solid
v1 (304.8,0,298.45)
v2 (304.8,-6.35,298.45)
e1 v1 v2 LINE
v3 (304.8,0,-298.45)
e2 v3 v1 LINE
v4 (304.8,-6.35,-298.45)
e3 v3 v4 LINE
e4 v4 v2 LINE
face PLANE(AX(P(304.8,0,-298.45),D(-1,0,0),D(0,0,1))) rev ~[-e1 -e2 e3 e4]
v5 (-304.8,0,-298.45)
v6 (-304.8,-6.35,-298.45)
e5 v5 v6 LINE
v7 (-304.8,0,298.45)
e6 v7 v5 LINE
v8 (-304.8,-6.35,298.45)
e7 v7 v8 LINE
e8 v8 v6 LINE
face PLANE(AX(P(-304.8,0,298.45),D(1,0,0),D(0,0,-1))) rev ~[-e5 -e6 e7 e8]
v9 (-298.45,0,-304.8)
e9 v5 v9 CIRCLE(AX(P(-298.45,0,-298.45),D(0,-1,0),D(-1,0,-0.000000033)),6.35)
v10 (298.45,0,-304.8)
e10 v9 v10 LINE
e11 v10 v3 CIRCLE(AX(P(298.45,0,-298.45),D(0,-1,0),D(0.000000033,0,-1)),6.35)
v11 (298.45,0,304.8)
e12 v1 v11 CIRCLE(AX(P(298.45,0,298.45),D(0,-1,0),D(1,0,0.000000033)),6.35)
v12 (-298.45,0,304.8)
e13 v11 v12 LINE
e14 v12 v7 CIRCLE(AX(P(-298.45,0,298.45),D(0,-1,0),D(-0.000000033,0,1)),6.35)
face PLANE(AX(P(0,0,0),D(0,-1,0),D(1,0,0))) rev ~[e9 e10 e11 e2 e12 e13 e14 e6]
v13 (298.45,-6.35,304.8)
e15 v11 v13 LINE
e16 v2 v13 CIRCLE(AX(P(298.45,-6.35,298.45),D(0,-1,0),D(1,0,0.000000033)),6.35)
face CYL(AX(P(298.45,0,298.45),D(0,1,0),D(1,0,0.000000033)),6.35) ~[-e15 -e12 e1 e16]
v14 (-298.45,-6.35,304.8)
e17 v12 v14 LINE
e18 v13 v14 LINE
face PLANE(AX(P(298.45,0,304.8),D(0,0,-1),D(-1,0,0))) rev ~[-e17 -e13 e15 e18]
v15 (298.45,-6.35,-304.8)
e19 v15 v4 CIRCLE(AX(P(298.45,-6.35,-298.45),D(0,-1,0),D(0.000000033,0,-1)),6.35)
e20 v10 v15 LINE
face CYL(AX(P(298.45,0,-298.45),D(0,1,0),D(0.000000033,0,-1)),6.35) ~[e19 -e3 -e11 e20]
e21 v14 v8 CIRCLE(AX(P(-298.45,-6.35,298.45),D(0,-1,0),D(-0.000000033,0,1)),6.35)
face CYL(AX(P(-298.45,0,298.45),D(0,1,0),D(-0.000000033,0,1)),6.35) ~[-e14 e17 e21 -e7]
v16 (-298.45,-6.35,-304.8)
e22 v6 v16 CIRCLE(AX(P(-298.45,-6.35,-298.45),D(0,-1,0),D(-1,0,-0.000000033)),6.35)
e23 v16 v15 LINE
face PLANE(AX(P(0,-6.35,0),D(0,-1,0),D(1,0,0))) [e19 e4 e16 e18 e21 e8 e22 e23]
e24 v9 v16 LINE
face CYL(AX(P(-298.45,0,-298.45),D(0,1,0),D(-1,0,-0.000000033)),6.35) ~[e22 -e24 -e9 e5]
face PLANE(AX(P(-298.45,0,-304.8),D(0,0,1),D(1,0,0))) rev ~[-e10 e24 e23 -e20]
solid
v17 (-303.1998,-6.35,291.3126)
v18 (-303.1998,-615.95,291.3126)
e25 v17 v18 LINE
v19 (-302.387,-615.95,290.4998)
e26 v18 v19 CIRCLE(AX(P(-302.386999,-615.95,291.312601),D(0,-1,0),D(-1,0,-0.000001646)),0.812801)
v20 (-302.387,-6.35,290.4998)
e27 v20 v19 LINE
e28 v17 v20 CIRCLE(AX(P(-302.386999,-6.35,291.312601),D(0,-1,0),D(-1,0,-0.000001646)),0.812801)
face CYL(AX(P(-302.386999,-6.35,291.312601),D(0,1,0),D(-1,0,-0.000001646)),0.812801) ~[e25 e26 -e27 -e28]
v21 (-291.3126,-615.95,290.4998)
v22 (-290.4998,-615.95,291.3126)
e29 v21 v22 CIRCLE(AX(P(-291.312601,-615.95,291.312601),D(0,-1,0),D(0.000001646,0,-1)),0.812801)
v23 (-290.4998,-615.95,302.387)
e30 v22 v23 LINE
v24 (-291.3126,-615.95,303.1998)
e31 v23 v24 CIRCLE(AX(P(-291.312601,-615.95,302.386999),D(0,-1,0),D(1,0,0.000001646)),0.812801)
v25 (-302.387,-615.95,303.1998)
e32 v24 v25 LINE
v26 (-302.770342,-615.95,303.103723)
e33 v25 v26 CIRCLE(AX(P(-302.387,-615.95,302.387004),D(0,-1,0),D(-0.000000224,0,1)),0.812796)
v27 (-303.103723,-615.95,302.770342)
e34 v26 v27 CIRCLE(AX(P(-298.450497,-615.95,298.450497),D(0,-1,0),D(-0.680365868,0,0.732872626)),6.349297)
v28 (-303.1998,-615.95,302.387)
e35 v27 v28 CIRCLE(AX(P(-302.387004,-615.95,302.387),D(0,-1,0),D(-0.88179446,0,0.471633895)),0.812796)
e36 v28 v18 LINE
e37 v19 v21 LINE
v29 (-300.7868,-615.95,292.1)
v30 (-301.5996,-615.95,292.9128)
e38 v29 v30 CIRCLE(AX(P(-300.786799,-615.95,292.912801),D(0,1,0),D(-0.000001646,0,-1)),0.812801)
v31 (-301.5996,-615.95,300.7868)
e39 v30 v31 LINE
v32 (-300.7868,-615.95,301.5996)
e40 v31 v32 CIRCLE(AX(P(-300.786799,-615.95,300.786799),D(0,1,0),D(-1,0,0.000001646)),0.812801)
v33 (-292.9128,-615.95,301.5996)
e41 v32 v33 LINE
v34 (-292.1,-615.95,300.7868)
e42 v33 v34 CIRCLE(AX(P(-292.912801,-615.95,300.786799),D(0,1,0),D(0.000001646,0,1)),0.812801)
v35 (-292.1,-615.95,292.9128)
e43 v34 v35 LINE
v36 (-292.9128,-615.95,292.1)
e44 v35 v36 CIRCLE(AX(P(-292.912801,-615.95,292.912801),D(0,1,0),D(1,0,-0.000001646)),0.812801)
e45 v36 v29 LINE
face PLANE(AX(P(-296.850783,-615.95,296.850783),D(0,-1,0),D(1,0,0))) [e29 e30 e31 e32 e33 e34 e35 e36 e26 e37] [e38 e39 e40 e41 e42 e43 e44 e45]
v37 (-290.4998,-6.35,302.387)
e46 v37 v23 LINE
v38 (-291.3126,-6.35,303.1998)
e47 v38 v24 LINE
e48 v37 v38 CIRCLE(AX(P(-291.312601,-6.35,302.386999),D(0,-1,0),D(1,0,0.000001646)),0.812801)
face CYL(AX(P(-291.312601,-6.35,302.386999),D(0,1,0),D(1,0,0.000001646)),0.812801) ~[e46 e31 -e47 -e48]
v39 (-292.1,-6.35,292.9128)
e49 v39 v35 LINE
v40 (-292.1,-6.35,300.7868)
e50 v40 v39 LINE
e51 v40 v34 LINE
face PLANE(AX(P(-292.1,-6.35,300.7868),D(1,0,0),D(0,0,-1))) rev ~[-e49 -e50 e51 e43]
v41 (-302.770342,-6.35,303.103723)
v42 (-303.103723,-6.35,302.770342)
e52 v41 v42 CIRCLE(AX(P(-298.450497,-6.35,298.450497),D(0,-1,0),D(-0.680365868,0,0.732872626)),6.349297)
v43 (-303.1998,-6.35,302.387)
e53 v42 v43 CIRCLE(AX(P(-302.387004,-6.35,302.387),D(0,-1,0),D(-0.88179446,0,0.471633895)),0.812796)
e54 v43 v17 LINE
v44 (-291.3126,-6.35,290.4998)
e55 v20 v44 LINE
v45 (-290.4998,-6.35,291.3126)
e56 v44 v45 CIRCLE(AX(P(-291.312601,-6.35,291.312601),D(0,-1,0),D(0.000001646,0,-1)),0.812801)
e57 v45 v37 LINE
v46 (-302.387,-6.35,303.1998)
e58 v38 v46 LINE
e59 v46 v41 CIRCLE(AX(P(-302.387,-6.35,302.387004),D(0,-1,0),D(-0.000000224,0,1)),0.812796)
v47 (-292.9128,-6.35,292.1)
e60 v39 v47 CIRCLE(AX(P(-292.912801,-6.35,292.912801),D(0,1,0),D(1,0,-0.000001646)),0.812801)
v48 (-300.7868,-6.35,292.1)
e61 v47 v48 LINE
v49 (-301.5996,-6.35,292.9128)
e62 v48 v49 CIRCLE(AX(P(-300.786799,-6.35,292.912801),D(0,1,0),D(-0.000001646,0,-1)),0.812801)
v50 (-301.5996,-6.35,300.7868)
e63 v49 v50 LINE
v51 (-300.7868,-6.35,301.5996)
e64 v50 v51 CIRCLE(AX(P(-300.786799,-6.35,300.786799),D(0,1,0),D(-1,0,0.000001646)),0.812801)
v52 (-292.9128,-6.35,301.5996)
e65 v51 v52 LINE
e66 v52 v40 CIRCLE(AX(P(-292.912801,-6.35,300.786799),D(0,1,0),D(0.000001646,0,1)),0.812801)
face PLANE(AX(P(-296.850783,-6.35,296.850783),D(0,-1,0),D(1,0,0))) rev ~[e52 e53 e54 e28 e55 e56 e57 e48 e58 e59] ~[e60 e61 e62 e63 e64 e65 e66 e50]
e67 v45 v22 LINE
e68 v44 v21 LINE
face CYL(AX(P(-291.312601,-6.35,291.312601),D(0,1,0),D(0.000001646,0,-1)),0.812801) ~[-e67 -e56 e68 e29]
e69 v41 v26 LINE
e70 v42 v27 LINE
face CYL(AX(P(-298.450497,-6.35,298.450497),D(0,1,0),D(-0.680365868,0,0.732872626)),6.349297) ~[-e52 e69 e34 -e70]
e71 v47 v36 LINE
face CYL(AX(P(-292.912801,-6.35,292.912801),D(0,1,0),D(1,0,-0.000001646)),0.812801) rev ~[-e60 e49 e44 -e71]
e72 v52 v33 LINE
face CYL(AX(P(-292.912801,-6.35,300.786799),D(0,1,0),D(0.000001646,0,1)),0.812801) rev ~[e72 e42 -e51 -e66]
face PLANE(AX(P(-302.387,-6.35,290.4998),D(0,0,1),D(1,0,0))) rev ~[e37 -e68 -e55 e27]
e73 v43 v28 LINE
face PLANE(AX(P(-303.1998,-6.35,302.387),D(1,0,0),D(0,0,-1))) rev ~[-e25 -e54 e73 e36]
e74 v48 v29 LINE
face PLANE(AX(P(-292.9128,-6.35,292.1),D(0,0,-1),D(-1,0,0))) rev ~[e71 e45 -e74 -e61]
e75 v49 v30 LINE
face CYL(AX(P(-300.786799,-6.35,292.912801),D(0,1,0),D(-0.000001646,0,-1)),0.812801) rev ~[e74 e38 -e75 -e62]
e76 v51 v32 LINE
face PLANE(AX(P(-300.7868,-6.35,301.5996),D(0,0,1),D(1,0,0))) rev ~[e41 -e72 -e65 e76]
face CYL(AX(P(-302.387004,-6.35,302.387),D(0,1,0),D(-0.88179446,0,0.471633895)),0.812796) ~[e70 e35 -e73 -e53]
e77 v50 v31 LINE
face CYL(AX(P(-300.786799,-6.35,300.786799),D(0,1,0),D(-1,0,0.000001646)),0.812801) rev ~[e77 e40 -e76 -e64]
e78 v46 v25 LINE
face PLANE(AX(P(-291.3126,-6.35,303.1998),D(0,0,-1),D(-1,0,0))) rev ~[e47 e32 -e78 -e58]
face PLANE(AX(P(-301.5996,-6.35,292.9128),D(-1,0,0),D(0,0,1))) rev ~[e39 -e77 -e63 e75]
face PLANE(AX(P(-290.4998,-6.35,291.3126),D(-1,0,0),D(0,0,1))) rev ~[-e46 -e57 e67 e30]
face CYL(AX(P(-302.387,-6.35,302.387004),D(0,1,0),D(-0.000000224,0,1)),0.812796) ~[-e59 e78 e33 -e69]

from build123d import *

# Parameters (mm, degrees)
F1_DEPTH = 6.35
F3_DEPTH = 609.6


with BuildPart() as f1:
    # F0 (on Front) → F1 (new body)
    with BuildSketch(Plane.XZ):
        with BuildLine():
            Line((-298.45, -304.8), (298.45, -304.8))
            ThreePointArc((298.45, -304.8), (302.940128, -302.940128), (304.8, -298.45))
            Line((304.8, -298.45), (304.8, 298.45))
            ThreePointArc((304.8, 298.45), (302.940128, 302.940128), (298.45, 304.8))
            Line((298.45, 304.8), (-298.45, 304.8))
            ThreePointArc((-298.45, 304.8), (-302.940128, 302.940128), (-304.8, 298.45))
            Line((-304.8, 298.45), (-304.8, -298.45))
            ThreePointArc((-304.8, -298.45), (-302.940128, -302.940128), (-298.45, -304.8))
        make_face()
    extrude(amount=F1_DEPTH)


with BuildPart() as f3:
    # F2 (on face) → F3 (new body)
    with BuildSketch(Plane.XZ.offset(6.35)):
        with BuildLine():
            Line((-291.3126, 303.1998), (-302.387, 303.1998))
            ThreePointArc((-302.387, 303.1998), (-302.584599, 303.175415), (-302.770342, 303.103723))
            ThreePointArc((-302.770342, 303.103723), (-302.940128, 302.940128), (-303.103723, 302.770342))
            ThreePointArc((-303.103723, 302.770342), (-303.175415, 302.584599), (-303.1998, 302.387))
            Line((-303.1998, 302.387), (-303.1998, 291.3126))
            ThreePointArc((-303.1998, 291.3126), (-302.961736, 290.737864), (-302.387, 290.4998))
            Line((-302.387, 290.4998), (-291.3126, 290.4998))
            ThreePointArc((-291.3126, 290.4998), (-290.737864, 290.737864), (-290.4998, 291.3126))
            Line((-290.4998, 291.3126), (-290.4998, 302.387))
            ThreePointArc((-290.4998, 302.387), (-290.737864, 302.961736), (-291.3126, 303.1998))
        make_face()
        with BuildLine():
            ThreePointArc((-301.5996, 300.7868), (-301.361536, 301.361536), (-300.7868, 301.5996))
            Line((-300.7868, 301.5996), (-292.9128, 301.5996))
            ThreePointArc((-292.9128, 301.5996), (-292.338064, 301.361536), (-292.1, 300.7868))
            Line((-292.1, 300.7868), (-292.1, 292.9128))
            ThreePointArc((-292.1, 292.9128), (-292.338064, 292.338064), (-292.9128, 292.1))
            Line((-292.9128, 292.1), (-300.7868, 292.1))
            ThreePointArc((-300.7868, 292.1), (-301.361536, 292.338064), (-301.5996, 292.9128))
            Line((-301.5996, 292.9128), (-301.5996, 300.7868))
        make_face(mode=Mode.SUBTRACT)
    extrude(amount=F3_DEPTH)


solid = Compound([f1.part, f3.part])
